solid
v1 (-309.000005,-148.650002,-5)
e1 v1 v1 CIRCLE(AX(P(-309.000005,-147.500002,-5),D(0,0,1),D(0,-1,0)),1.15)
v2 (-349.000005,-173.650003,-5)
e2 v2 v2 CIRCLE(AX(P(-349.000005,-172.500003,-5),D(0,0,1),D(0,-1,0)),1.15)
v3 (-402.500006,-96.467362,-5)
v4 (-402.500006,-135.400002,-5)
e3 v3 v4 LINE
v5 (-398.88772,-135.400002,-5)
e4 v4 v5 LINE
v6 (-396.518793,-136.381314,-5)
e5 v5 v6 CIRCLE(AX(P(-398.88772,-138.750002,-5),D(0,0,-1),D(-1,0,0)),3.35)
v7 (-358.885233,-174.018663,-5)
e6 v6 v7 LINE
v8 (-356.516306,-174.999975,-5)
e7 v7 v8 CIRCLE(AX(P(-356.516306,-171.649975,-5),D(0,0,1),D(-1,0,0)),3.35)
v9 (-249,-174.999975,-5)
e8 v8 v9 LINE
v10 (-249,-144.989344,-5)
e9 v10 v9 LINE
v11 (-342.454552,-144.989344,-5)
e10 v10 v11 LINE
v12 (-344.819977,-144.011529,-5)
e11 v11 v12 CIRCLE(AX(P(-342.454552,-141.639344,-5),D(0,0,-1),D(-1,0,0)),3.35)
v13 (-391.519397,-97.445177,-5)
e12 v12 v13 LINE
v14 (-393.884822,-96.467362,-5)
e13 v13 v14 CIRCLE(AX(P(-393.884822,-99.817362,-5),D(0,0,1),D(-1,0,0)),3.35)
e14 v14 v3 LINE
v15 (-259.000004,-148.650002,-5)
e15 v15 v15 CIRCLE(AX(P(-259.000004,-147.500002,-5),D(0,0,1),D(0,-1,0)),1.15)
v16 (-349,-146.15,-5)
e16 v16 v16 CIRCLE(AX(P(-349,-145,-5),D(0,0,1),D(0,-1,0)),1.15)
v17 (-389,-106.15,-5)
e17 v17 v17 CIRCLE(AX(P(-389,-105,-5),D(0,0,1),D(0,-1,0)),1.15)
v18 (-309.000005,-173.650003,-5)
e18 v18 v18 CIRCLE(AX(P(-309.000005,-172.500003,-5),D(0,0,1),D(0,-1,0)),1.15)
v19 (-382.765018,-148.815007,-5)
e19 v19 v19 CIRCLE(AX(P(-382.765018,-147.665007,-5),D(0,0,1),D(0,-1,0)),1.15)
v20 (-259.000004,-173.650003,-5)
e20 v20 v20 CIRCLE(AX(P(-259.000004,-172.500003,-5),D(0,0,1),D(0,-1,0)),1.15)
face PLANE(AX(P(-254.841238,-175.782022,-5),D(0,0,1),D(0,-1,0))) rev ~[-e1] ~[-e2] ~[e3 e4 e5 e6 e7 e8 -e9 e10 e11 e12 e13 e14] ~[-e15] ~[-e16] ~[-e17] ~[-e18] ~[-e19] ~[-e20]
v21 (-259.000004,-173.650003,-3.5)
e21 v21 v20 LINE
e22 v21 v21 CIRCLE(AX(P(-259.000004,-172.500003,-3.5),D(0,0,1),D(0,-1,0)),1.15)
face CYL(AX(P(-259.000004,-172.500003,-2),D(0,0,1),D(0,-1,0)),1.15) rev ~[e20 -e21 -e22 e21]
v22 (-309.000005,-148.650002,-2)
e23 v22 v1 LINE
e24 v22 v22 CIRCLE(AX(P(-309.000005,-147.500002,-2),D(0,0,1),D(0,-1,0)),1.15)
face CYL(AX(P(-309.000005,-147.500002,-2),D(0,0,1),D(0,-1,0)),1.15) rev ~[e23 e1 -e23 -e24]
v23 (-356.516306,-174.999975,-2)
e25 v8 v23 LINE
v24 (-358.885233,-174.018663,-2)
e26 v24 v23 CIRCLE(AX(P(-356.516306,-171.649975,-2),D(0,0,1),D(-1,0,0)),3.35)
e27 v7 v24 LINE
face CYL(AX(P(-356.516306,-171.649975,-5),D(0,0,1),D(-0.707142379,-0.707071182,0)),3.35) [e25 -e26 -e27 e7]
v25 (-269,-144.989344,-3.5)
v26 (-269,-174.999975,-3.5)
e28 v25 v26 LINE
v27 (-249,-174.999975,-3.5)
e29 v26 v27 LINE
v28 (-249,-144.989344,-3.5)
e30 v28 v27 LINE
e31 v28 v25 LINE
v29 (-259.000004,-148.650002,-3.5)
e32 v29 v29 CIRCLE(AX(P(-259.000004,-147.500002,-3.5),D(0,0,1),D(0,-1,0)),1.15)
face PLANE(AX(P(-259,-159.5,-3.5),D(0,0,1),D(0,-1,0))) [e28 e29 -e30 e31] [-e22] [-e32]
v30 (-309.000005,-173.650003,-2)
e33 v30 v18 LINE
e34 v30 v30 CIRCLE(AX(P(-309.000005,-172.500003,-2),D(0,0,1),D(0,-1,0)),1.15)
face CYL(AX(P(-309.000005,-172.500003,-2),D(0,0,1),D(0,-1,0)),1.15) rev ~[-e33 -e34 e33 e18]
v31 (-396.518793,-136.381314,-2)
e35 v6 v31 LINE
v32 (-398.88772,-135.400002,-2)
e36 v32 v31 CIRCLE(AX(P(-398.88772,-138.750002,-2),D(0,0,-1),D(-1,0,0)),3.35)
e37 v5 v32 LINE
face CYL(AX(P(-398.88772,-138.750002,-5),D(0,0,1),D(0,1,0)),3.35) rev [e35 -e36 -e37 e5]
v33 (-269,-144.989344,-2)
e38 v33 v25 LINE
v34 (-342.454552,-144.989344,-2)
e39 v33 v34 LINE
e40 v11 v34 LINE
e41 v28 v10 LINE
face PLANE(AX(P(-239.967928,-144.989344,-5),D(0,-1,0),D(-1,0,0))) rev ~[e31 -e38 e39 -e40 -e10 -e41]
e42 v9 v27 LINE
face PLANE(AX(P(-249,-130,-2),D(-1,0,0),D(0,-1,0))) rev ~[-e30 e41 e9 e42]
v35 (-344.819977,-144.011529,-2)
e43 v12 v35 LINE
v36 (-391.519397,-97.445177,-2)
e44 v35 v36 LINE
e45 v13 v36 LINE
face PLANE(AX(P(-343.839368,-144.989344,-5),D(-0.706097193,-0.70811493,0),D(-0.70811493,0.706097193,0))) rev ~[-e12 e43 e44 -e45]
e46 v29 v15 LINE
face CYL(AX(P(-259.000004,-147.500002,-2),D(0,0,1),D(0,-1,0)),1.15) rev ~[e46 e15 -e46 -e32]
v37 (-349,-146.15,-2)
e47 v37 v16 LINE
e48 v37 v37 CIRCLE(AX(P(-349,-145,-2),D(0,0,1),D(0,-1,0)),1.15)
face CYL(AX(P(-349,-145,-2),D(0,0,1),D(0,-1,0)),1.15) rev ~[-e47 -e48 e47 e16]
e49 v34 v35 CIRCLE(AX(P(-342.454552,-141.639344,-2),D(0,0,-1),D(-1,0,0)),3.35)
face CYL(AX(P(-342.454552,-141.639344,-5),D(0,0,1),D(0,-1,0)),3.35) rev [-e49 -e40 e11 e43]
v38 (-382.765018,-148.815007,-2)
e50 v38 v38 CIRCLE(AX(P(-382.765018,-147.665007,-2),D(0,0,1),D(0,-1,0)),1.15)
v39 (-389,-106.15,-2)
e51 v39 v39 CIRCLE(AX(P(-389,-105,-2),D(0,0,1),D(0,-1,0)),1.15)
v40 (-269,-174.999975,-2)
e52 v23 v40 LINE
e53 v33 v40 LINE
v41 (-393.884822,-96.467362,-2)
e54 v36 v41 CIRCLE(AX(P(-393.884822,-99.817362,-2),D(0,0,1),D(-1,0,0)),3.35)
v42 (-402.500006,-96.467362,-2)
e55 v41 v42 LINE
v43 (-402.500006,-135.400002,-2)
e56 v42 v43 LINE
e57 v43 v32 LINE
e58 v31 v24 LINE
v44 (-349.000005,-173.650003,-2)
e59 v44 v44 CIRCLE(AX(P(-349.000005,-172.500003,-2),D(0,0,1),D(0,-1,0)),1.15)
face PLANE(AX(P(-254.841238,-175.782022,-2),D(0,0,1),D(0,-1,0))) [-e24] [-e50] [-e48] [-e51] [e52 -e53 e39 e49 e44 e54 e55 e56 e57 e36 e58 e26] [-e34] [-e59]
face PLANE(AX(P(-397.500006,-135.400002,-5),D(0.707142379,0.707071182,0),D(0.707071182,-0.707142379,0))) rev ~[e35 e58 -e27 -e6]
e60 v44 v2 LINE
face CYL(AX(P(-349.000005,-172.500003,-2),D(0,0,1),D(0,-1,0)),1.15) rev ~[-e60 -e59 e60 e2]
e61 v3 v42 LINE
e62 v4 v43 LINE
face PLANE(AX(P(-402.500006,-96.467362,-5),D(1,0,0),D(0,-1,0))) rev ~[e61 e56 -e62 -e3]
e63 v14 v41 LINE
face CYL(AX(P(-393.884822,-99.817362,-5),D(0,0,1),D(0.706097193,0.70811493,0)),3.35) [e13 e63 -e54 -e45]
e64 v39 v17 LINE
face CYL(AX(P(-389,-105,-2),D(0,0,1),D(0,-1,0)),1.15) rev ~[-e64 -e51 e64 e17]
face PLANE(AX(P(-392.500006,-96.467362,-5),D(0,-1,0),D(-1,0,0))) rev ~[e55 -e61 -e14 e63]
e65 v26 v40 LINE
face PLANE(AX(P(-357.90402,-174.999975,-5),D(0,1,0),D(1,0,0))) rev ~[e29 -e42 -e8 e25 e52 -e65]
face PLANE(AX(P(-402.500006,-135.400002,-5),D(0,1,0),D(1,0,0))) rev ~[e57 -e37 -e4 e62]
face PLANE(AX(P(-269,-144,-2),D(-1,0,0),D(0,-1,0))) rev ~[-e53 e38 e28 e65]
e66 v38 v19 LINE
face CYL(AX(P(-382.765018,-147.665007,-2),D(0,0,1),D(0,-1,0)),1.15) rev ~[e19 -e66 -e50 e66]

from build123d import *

# Parameters (mm, degrees)
PAD011_DEPTH            = 3
FILLET036_R             = 3.35
SKETCH183_R             = 1.15
POCKET052_DEPTH         = 3
POCKET054_DEPTH         = 5
SKETCH187_W             = 31
SKETCH187_H             = 20
POCKET055_DEPTH         = 1.5
BODY023_ROLL_ANGLE      = 180
BODY023_PLACEMENT_ANGLE = -90


with BuildPart() as part:
    # Sketch182 → Pad011 (new body)
    with BuildSketch(Plane(origin=(0, 0, 0), x_dir=(1, 0, 0), z_dir=(0, 0, -1))):
        Polygon((101.467362, -402.500006), (130.400002, -402.500006), (135.400002, -402.500006), (135.400002, -397.500006), (174.999975, -357.90402), (174.999975, -245), (289.999995, -245), (294.999995, -245), (294.999995, -215), (289.999995, -215), (224.999995, -215), (224.999995, -199.999997), (219.999995, -199.999997), (199.999995, -199.999997), (194.999995, -199.999997), (194.999995, -215.000003), (168.459985, -215.000003), (161.999993, -198.359996), (161.999993, -115.000006), (161.999993, -110.000006), (156.999993, -110.000006), (134.576923, -122.534363), (131.999997, -126.895911), (131.999997, -200.027011), (144.989344, -239.967928), (144.989344, -343.839368), (96.467362, -392.500006), (96.467362, -397.500006), (96.467362, -402.500006), align=None)
    extrude(amount=PAD011_DEPTH)

    # Fillet036
    fillet036_edges = [part.edges().sort_by_distance(p)[0] for p in [
        (194.999995, 215.000003, -1.5),
        (168.459985, 215.000003, -1.5),
        (161.999993, 198.359996, -1.5),
        (161.999993, 110.000006, -1.5),
        (156.999993, 110.000006, -1.5),
        (134.576923, 122.534363, -1.5),
        (131.999997, 126.895911, -1.5),
        (131.999997, 200.027011, -1.5),
        (144.989344, 239.967928, -1.5),
        (144.989344, 343.839368, -1.5),
        (96.467362, 392.500006, -1.5),
        (135.400002, 397.500006, -1.5),
        (174.999975, 357.90402, -1.5),
        (174.999975, 245, -1.5),
        (294.999995, 245, -1.5),
        (294.999995, 215, -1.5),
        (224.999995, 215, -1.5),
    ]]
    fillet(fillet036_edges, radius=FILLET036_R)

    # Sketch183 (on Face5 of Fillet036) → Pocket052 (cut)
    with BuildSketch(Plane(origin=(0, 0, -3), x_dir=(1, 0, 0), z_dir=(0, 0, -1))):
        with Locations((105, -389)):
            Circle(SKETCH183_R)
        with Locations((145, -349)):
            Circle(SKETCH183_R)
        with Locations((147.500002, -309.000005)):
            Circle(SKETCH183_R)
        with Locations((147.500002, -259.000004)):
            Circle(SKETCH183_R)
        with Locations((172.500003, -259.000004)):
            Circle(SKETCH183_R)
        with Locations((172.500003, -309.000005)):
            Circle(SKETCH183_R)
        with Locations((172.500003, -349.000005)):
            Circle(SKETCH183_R)
        with Locations((147.665007, -382.765018)):
            Circle(SKETCH183_R)
        with Locations((178.000003, -242.500004)):
            Circle(SKETCH183_R)
        with Locations((218.000003, -242.500004)):
            Circle(SKETCH183_R)
        with Locations((258.000004, -242.500004)):
            Circle(SKETCH183_R)
        with Locations((258.000004, -217.500003)):
            Circle(SKETCH183_R)
        with Locations((292, -242.500004)):
            Circle(SKETCH183_R)
        with Locations((292.000004, -217.500003)):
            Circle(SKETCH183_R)
        with Locations((292.500004, -230.000003)):
            Circle(SKETCH183_R)
        with Locations((223.000003, -217.000003)):
            Circle(SKETCH183_R)
        with Locations((197, -217)):
            Circle(SKETCH183_R)
        with Locations((166.109996, -217.109995)):
            Circle(SKETCH183_R)
        with Locations((147.500002, -239)):
            Circle(SKETCH183_R)
        with Locations((141, -220)):
            Circle(SKETCH183_R)
        with Locations((134.427551, -201)):
            Circle(SKETCH183_R)
        with Locations((160.149996, -200.999996)):
            Circle(SKETCH183_R)
        with Locations((134.427551, -161)):
            Circle(SKETCH183_R)
        with Locations((159.500002, -161.000002)):
            Circle(SKETCH183_R)
        with Locations((137, -124)):
            Circle(SKETCH183_R)
        with Locations((146.849997, -118.149997)):
            Circle(SKETCH183_R)
        with Locations((159, -113)):
            Circle(SKETCH183_R)
    extrude(amount=-POCKET052_DEPTH, mode=Mode.SUBTRACT)

    # Sketch186 (on Face5 of Pocket052) → Pocket054 (cut)
    with BuildSketch(Plane(origin=(0, 0, -3), x_dir=(1, 0, 0), z_dir=(0, 0, -1))):
        Polygon((175, -249), (130, -249), (130, -100), (170, -100), (170, -190), (300, -190), (300, -249), align=None)
    extrude(amount=-POCKET054_DEPTH, mode=Mode.SUBTRACT)

    # Sketch187 (on Face25 of Pocket054) → Pocket055 (cut)
    with BuildSketch(Plane(origin=(0, 0, -3), x_dir=(1, 0, 0), z_dir=(0, 0, -1))):
        with Locations((159.5, -259)):
            Rectangle(SKETCH187_W, SKETCH187_H)
    extrude(amount=-POCKET055_DEPTH, mode=Mode.SUBTRACT)


with BuildPart() as part_1:
    # Body023 roll: moved
    add(part.part.rotate(Axis((0, 0, 0), (1, 0, 0)), BODY023_ROLL_ANGLE))


with BuildPart() as part_2:
    # Body023 placement: moved
    add(part_1.part.moved(Location((0, 0, -5))).rotate(Axis((0, 0, -5), (0, 0, 1)), BODY023_PLACEMENT_ANGLE))


solid = part_2.part
